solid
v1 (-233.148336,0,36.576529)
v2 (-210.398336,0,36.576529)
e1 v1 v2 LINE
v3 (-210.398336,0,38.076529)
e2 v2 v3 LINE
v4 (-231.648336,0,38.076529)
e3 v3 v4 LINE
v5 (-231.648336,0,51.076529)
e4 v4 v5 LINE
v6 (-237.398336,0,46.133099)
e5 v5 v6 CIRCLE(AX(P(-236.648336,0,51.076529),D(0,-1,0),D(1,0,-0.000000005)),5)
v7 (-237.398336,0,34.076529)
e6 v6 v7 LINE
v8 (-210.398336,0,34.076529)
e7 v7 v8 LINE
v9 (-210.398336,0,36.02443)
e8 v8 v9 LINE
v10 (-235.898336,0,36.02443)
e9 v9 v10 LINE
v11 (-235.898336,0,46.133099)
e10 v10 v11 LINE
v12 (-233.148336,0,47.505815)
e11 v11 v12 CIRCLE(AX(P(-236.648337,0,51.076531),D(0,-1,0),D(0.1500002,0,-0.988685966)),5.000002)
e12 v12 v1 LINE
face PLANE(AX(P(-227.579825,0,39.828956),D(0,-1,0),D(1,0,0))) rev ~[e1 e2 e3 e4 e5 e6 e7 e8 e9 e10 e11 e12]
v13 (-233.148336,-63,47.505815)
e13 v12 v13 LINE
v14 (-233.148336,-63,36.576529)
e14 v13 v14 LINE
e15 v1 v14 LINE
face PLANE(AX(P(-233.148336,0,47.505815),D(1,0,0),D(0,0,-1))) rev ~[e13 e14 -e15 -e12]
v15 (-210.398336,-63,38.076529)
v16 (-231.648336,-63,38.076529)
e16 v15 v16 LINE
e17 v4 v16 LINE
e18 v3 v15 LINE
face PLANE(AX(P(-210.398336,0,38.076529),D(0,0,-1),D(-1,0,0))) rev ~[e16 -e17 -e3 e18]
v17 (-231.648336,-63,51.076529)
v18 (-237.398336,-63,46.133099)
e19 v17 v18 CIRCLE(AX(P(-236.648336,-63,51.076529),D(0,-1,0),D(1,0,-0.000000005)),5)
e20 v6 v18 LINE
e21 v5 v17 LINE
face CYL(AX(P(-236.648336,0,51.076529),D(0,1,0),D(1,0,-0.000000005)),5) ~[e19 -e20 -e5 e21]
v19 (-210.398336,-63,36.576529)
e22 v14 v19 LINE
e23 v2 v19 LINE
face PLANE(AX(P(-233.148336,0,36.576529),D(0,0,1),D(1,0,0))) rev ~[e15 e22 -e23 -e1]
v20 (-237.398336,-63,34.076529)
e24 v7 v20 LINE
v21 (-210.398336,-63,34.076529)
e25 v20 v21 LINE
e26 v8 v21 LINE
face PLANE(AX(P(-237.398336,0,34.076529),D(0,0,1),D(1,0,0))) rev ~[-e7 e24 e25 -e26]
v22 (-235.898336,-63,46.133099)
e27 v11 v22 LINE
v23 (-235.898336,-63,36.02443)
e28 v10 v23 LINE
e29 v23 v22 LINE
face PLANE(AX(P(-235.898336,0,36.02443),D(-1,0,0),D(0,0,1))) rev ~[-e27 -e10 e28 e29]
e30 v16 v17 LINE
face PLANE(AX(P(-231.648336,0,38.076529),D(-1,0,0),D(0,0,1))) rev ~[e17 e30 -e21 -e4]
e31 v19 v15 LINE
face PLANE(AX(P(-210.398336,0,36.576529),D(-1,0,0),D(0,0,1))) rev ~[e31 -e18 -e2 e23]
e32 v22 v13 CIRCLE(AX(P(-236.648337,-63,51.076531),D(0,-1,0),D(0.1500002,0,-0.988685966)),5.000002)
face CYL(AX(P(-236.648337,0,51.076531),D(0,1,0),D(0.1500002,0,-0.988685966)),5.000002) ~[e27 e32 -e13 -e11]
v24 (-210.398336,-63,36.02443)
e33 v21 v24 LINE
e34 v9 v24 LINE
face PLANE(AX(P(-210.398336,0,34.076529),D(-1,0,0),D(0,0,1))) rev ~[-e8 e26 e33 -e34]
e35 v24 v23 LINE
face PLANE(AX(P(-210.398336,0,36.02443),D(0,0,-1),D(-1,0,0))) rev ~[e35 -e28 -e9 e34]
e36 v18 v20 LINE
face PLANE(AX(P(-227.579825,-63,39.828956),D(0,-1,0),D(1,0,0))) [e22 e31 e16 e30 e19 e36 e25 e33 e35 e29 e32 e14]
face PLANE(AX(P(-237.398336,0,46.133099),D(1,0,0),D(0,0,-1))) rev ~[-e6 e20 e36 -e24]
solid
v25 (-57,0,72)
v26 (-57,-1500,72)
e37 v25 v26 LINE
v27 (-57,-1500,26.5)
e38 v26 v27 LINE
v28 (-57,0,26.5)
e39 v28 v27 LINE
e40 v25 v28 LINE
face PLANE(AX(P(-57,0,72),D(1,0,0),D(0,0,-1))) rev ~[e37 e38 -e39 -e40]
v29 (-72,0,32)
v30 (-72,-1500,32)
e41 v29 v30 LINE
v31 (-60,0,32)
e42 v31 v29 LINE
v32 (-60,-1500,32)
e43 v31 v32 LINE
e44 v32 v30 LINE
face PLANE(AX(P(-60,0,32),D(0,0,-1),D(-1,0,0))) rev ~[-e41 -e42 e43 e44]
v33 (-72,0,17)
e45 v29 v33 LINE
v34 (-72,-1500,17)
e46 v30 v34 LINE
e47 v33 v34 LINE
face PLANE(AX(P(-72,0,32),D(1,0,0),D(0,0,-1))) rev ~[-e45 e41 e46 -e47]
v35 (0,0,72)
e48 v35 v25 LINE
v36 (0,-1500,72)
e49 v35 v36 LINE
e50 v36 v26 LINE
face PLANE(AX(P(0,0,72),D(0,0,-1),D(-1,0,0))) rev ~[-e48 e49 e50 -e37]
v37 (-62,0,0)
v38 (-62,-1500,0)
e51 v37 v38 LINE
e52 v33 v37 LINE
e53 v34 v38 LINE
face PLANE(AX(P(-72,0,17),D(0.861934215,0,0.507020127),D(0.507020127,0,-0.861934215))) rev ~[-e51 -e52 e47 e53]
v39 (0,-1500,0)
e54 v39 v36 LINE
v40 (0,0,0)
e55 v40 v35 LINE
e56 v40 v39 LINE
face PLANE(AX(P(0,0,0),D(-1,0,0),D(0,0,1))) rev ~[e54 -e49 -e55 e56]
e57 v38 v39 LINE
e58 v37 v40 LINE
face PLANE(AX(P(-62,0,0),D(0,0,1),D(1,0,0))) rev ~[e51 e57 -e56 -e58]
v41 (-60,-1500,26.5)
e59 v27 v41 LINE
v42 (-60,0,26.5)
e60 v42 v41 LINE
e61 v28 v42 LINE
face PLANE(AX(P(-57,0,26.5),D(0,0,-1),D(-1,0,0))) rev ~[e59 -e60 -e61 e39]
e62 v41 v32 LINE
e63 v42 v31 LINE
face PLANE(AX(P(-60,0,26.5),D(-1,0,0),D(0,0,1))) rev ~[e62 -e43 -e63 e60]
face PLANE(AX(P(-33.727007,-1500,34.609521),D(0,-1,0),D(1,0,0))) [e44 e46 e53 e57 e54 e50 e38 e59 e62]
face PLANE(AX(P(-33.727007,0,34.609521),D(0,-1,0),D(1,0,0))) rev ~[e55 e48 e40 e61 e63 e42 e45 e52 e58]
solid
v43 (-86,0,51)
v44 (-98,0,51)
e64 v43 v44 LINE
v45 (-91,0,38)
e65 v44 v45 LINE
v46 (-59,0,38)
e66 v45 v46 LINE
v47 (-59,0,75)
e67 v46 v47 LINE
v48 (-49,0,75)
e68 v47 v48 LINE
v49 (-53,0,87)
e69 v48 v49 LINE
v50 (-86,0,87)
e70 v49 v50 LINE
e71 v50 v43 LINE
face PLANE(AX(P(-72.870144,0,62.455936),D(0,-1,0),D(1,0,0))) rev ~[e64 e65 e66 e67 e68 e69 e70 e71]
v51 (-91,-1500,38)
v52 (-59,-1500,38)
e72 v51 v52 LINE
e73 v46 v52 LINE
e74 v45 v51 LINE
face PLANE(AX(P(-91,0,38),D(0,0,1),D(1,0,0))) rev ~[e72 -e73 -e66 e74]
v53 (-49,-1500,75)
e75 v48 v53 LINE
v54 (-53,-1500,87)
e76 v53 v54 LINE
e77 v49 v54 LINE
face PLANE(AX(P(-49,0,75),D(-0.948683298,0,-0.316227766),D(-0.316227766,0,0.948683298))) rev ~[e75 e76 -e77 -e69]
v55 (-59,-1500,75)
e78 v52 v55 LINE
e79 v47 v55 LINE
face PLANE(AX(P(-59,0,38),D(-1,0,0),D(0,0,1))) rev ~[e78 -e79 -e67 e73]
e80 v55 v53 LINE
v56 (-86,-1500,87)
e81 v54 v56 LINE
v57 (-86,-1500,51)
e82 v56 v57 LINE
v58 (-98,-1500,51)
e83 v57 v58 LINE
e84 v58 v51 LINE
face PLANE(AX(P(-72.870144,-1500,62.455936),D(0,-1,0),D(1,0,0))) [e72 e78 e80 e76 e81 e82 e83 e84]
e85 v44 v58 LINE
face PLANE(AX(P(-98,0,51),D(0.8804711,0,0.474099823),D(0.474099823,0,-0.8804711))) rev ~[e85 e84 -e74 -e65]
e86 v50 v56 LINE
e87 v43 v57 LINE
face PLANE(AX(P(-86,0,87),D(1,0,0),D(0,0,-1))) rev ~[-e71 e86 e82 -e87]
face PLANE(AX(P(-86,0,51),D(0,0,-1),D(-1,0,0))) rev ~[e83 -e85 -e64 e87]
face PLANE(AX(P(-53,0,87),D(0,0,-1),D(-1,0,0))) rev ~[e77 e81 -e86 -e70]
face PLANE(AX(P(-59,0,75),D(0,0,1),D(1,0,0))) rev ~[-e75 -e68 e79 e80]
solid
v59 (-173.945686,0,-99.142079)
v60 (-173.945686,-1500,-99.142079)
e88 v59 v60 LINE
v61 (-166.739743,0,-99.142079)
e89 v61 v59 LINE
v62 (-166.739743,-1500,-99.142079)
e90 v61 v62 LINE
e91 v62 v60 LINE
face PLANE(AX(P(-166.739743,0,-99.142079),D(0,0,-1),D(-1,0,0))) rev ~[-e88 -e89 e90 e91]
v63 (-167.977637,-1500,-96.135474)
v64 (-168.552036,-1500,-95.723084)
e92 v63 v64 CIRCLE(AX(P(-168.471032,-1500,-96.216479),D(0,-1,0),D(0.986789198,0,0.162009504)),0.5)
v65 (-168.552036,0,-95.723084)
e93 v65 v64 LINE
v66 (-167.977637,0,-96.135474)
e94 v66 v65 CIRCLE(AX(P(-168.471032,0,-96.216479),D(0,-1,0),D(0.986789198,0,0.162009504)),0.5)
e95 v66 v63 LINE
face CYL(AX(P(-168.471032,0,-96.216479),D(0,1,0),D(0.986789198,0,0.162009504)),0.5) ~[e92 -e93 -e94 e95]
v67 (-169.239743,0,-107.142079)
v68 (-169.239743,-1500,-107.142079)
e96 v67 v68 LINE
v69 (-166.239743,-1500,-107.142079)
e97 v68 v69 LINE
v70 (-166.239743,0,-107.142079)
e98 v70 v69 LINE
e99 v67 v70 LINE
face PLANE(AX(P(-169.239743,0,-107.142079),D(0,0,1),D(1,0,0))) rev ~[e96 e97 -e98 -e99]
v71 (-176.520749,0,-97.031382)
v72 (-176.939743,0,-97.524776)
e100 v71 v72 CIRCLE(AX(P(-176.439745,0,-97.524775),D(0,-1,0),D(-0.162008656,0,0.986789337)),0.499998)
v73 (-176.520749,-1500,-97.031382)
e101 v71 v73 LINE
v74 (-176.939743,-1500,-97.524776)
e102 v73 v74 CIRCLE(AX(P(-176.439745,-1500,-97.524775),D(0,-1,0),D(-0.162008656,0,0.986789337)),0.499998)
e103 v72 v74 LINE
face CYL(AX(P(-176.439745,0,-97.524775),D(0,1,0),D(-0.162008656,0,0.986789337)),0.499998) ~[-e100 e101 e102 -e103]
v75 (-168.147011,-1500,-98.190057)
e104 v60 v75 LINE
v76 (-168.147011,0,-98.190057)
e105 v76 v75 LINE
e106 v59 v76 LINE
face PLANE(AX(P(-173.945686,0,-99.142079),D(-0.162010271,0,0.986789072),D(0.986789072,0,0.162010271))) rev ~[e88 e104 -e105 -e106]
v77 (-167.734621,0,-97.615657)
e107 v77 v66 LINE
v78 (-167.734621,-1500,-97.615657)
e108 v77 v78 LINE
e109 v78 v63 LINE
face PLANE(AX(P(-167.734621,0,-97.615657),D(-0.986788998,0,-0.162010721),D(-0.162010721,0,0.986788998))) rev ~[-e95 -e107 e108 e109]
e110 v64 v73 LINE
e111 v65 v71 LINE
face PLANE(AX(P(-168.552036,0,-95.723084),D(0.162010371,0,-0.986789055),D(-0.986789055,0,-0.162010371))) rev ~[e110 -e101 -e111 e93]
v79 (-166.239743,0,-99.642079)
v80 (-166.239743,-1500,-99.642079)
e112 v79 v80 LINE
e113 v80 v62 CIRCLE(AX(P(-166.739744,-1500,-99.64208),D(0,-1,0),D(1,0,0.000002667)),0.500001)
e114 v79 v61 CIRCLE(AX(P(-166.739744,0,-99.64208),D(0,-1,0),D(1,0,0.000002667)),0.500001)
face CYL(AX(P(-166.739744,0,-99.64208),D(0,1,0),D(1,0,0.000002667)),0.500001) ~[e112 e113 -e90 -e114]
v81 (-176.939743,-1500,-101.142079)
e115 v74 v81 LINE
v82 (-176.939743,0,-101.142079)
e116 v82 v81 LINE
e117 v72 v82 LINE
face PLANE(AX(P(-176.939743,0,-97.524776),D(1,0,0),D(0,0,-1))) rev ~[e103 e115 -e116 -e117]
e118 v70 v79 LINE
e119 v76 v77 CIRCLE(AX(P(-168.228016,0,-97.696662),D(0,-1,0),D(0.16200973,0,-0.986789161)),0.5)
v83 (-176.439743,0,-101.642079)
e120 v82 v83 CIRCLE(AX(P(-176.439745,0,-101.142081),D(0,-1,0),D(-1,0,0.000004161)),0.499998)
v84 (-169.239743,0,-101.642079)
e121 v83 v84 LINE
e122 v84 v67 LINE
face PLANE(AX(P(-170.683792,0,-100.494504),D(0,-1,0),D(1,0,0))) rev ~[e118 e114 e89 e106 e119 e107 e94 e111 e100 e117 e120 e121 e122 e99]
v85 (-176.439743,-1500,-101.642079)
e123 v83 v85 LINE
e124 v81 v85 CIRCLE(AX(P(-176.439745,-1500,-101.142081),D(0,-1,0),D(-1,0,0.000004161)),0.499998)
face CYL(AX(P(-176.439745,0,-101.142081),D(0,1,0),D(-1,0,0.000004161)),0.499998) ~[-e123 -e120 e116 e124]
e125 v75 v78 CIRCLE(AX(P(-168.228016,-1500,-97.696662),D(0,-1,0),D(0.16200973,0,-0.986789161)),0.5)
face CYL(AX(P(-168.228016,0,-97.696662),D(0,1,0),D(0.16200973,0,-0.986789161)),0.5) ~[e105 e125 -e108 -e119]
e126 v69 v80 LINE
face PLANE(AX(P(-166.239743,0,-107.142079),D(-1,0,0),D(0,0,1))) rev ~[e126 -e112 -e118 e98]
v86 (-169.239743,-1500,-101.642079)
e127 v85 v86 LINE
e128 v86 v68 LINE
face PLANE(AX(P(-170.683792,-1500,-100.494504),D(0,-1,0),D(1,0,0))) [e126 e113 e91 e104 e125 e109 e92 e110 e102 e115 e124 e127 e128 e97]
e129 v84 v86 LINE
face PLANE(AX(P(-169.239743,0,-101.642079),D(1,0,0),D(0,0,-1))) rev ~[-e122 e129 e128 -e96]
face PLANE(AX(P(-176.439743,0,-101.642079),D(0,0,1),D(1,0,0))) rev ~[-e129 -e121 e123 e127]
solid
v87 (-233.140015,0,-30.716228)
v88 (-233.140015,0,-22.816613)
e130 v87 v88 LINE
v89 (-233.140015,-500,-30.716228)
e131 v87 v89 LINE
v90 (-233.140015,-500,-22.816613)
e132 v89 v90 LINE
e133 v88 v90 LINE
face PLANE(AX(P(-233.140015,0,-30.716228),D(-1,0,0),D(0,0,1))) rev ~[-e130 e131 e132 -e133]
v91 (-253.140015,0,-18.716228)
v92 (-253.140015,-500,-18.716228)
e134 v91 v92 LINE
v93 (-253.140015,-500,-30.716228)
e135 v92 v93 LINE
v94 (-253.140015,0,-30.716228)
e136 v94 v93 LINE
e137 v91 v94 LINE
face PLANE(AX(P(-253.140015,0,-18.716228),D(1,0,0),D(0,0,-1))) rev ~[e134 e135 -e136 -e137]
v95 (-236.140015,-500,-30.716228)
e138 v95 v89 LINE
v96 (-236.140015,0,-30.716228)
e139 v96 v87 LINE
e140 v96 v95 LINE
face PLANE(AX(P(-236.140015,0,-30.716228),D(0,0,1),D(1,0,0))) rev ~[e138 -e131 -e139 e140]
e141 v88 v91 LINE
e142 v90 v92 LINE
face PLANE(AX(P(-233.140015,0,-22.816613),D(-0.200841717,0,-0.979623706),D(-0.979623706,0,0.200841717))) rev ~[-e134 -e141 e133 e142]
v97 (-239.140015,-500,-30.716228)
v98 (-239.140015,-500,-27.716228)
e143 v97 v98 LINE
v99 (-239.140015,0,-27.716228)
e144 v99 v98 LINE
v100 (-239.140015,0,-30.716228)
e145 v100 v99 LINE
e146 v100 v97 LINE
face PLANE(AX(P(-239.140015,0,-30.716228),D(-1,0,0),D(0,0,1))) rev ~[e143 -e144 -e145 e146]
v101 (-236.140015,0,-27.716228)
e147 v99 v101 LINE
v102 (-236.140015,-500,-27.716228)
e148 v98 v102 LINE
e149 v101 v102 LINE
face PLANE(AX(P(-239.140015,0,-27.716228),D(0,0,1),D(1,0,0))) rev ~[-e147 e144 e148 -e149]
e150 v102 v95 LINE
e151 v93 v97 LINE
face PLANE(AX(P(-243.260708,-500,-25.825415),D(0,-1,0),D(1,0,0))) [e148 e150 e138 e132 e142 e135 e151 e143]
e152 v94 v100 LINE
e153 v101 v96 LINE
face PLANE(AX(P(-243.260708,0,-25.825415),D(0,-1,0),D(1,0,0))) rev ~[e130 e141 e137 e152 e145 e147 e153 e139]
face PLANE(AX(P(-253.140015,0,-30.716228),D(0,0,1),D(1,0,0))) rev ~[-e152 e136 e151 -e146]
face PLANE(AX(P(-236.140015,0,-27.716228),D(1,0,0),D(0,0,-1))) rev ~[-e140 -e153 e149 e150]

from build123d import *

# Parameters (mm, degrees)
F3_DEPTH = 1500
F4_DEPTH = 63
F6_DEPTH = 1500
F8_DEPTH = 500


with BuildPart() as f3:
    # F0 (on Front) + F1 (on Front) → F3 (new body)
    with BuildSketch(Plane.XZ):
        Polygon((0, 72), (-57, 72), (-57, 32), (-57, 26.5), (-60, 26.5), (-60, 32), (-72, 32), (-72, 17), (-62, 0), (0, 0), align=None)
    with BuildSketch(Plane.XZ):
        Polygon((-59, 75), (-49, 75), (-53, 87), (-86, 87), (-86, 51), (-98, 51), (-91, 38), (-59, 38), align=None)
    extrude(amount=F3_DEPTH)


with BuildPart() as f4:
    # F2 (on Front) → F4 (new body)
    with BuildSketch(Plane.XZ):
        with BuildLine():
            Line((-235.898336, 36.02443), (-235.898336, 46.133099))
            ThreePointArc((-235.898336, 46.133099), (-234.415241, 46.602908), (-233.148336, 47.505815))
            Line((-233.148336, 47.505815), (-233.148336, 36.576529))
            Line((-233.148336, 36.576529), (-210.398336, 36.576529))
            Line((-210.398336, 36.576529), (-210.398336, 38.076529))
            Line((-210.398336, 38.076529), (-231.648336, 38.076529))
            Line((-231.648336, 38.076529), (-231.648336, 51.076529))
            ThreePointArc((-231.648336, 51.076529), (-239.907937, 54.867967), (-237.398336, 46.133099))
            Line((-237.398336, 46.133099), (-237.398336, 34.076529))
            Line((-237.398336, 34.076529), (-210.398336, 34.076529))
            Line((-210.398336, 34.076529), (-210.398336, 36.02443))
            Line((-210.398336, 36.02443), (-235.898336, 36.02443))
        make_face()
    extrude(amount=F4_DEPTH)


with BuildPart() as f6:
    # F5 (on Front) → F6 (new body)
    with BuildSketch(Plane.XZ):
        with BuildLine():
            Line((-169.239743, -101.642079), (-169.239743, -107.142079))
            Line((-169.239743, -107.142079), (-166.239743, -107.142079))
            Line((-166.239743, -107.142079), (-166.239743, -99.642079))
            ThreePointArc((-166.239743, -99.642079), (-166.38619, -99.288526), (-166.739743, -99.142079))
            Line((-166.739743, -99.142079), (-173.945686, -99.142079))
            Line((-173.945686, -99.142079), (-168.147011, -98.190057))
            ThreePointArc((-168.147011, -98.190057), (-167.821854, -97.988266), (-167.734621, -97.615657))
            Line((-167.734621, -97.615657), (-167.977637, -96.135474))
            ThreePointArc((-167.977637, -96.135474), (-168.179428, -95.810317), (-168.552036, -95.723084))
            Line((-168.552036, -95.723084), (-176.520749, -97.031382))
            ThreePointArc((-176.520749, -97.031382), (-176.820862, -97.201127), (-176.939743, -97.524776))
            Line((-176.939743, -97.524776), (-176.939743, -101.142079))
            ThreePointArc((-176.939743, -101.142079), (-176.793297, -101.495633), (-176.439743, -101.642079))
            Line((-176.439743, -101.642079), (-169.239743, -101.642079))
        make_face()
    extrude(amount=F6_DEPTH)


with BuildPart() as f8:
    # F7 (on Front) → F8 (new body)
    with BuildSketch(Plane.XZ):
        Polygon((-233.140015, -22.816613), (-253.140015, -18.716228), (-253.140015, -30.716228), (-239.140015, -30.716228), (-239.140015, -27.716228), (-236.140015, -27.716228), (-236.140015, -30.716228), (-233.140015, -30.716228), align=None)
    extrude(amount=F8_DEPTH)


solid = Compound([f3.part, f4.part, f6.part, f8.part])
